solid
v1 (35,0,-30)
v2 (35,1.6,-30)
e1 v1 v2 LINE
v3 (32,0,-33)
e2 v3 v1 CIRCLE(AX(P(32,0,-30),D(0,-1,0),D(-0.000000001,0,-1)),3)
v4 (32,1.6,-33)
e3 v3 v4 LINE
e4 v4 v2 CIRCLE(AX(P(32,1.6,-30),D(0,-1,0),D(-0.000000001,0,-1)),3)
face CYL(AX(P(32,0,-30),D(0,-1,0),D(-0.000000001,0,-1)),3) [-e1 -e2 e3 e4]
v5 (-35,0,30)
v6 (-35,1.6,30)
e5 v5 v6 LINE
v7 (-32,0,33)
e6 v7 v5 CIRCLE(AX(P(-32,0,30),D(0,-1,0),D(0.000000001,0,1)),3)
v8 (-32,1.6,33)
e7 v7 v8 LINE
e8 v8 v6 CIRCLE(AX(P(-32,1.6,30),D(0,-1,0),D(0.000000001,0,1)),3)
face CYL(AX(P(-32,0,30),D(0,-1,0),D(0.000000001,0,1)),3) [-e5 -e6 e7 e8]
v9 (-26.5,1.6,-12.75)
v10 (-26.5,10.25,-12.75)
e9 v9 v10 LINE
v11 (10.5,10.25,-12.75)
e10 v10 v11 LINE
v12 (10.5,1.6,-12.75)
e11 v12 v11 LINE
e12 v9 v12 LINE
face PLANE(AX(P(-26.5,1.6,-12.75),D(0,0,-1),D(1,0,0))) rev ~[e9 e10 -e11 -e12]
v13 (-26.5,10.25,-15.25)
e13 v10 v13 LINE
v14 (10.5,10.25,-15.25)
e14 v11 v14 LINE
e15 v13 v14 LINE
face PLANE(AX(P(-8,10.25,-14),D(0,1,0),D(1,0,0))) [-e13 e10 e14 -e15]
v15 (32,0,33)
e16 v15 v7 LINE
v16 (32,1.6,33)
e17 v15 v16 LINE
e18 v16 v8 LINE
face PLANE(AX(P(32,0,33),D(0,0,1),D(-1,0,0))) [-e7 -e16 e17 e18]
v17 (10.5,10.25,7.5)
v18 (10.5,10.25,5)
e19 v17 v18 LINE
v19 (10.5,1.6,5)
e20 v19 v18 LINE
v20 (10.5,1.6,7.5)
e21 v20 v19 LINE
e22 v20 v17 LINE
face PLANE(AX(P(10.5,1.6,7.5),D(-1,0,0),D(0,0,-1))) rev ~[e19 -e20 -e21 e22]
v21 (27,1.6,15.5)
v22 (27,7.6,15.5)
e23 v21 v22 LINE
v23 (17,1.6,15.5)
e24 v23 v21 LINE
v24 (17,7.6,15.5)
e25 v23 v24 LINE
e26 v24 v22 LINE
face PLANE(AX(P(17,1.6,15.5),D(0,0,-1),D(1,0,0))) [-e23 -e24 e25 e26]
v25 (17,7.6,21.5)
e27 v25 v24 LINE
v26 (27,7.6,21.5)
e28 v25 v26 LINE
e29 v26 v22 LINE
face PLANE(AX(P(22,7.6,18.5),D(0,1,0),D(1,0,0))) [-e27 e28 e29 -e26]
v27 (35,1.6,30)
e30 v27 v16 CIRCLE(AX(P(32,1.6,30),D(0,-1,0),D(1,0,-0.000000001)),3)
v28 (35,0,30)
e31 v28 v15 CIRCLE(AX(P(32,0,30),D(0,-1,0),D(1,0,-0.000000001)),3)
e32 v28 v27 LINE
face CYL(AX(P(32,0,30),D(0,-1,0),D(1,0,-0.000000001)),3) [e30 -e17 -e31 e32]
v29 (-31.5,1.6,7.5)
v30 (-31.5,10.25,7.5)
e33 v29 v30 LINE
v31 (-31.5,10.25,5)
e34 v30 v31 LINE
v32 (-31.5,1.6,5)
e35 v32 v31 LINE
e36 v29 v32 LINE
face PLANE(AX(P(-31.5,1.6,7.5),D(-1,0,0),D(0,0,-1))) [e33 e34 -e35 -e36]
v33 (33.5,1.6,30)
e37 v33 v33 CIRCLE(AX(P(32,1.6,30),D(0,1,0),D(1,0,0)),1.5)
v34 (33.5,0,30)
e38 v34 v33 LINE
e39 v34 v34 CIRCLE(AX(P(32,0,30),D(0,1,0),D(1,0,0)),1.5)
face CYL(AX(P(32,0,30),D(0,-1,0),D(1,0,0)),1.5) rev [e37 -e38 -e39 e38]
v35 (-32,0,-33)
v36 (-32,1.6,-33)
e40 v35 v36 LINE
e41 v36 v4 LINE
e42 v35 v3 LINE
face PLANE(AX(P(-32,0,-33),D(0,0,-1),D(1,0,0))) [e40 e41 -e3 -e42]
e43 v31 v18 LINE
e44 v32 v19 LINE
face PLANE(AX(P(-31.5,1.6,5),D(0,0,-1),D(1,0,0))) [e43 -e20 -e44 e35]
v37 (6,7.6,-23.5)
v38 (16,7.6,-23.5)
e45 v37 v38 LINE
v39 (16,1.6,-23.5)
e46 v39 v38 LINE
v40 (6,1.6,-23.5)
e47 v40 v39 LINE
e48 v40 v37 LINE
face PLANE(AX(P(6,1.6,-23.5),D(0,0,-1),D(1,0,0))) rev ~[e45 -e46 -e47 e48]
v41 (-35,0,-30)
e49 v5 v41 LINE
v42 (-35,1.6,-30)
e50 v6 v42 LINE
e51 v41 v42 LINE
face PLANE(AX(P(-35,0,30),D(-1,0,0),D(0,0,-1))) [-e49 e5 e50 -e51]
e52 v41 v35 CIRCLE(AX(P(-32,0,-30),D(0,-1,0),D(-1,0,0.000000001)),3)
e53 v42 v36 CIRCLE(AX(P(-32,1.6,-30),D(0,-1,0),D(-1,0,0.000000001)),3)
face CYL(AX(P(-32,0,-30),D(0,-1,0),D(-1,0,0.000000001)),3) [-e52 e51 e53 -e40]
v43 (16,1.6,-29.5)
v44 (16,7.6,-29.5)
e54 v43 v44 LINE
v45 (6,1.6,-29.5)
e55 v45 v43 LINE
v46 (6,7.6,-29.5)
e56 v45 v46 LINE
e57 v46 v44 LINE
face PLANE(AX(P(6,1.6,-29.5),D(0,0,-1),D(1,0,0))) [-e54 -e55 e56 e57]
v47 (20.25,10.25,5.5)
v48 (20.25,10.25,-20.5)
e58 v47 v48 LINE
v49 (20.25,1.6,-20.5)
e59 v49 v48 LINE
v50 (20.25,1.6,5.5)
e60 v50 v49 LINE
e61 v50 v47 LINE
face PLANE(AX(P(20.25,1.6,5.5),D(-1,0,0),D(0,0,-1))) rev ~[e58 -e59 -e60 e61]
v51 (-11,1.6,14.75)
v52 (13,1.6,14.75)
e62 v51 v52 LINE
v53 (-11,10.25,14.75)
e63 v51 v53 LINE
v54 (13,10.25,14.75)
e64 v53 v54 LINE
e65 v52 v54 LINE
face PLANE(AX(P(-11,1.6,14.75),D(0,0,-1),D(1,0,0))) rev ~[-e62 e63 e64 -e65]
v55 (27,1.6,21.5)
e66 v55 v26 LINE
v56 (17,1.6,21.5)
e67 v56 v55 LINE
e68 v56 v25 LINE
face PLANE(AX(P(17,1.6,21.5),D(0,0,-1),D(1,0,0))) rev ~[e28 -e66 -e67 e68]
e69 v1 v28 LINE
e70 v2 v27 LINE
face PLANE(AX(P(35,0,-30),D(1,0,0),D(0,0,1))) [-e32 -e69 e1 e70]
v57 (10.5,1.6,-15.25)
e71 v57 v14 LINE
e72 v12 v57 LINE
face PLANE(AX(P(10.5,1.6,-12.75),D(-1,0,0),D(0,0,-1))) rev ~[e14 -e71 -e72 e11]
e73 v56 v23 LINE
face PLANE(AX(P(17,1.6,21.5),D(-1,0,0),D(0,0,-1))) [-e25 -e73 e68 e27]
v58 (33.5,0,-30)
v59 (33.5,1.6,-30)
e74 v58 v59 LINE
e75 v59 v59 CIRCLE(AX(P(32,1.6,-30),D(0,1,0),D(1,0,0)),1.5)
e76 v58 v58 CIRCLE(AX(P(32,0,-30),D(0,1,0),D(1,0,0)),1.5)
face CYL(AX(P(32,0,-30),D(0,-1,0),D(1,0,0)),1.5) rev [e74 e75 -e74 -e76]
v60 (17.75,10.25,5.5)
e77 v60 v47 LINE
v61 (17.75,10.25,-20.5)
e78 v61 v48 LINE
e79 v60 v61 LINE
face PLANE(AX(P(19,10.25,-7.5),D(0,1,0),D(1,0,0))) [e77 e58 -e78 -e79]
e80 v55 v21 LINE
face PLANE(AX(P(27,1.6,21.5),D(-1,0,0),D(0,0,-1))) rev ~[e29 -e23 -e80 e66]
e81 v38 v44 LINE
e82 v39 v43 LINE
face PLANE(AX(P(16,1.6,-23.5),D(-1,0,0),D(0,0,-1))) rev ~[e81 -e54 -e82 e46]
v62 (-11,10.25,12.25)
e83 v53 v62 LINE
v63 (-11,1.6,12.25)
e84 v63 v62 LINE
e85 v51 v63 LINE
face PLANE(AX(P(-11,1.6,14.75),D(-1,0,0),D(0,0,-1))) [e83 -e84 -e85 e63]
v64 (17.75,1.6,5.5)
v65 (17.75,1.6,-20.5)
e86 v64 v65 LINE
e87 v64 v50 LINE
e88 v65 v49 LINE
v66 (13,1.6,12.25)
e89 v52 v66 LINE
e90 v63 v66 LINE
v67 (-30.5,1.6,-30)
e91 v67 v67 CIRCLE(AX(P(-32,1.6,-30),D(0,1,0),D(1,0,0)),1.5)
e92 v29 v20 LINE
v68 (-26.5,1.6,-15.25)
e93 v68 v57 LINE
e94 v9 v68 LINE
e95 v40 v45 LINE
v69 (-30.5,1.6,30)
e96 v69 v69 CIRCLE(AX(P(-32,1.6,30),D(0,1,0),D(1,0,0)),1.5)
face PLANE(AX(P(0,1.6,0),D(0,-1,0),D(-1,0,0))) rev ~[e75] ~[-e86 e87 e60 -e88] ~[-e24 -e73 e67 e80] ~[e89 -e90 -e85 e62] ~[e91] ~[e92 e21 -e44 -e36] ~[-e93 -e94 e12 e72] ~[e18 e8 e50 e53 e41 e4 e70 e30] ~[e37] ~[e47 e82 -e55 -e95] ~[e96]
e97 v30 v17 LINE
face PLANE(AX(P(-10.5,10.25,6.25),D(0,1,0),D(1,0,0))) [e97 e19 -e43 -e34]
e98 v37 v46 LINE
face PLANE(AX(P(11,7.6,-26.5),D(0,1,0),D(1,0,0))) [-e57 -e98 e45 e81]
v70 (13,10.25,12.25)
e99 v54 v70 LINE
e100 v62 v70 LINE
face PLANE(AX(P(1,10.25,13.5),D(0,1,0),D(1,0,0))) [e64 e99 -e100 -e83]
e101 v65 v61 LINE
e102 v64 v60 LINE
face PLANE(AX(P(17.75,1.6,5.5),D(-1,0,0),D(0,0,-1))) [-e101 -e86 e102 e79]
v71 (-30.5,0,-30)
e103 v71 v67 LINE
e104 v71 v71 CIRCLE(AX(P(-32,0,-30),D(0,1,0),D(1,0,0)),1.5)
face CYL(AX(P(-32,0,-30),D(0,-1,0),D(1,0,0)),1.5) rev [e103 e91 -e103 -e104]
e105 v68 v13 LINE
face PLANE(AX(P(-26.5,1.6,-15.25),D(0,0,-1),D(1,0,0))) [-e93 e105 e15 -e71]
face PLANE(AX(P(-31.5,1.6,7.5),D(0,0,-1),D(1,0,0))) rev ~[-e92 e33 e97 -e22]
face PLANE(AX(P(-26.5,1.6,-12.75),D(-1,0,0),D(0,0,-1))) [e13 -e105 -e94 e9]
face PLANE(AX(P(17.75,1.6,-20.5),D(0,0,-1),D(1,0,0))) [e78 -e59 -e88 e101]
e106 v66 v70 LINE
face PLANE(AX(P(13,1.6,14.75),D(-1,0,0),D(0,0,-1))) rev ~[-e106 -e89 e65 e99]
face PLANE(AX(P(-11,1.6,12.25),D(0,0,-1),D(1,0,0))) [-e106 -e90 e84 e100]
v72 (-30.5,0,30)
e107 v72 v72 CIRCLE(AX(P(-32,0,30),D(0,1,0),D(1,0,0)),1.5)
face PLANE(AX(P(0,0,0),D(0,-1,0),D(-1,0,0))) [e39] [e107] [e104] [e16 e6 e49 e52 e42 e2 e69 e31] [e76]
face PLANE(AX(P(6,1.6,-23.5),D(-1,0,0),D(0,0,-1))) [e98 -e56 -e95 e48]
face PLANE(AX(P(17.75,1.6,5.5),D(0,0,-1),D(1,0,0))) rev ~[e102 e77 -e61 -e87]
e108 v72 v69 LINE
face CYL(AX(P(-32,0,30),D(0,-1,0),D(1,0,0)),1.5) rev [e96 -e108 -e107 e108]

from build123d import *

# Parameters (mm, degrees)
SKETCH1_R           = 1.5
BOSS_EXTRUDE1_DEPTH = 1.6
SKETCH2_W           = 10
SKETCH2_H           = 6
BOSS_EXTRUDE3_DEPTH = 6
SKETCH2_7_W         = 37
SKETCH2_7_H         = 2.5
SKETCH2_7_W_2       = 42
SKETCH2_7_W_3       = 2.5
SKETCH2_7_H_2       = 26
SKETCH2_7_W_4       = 24
BOSS_EXTRUDE4_DEPTH = 8.65


with BuildPart() as part:
    # Sketch1 → Boss-Extrude1 (new body)
    with BuildSketch(Plane(origin=(0, 0, 0), x_dir=(1, 0, 0), z_dir=(0, 1, 0))):
        with BuildLine():
            Line((-32, 33), (32, 33))
            ThreePointArc((32, 33), (34.121320344, 32.121320344), (35, 30))
            Line((35, 30), (35, -30))
            ThreePointArc((35, -30), (34.121320344, -32.121320344), (32, -33))
            Line((32, -33), (-32, -33))
            ThreePointArc((-32, -33), (-34.121320344, -32.121320344), (-35, -30))
            Line((-35, -30), (-35, 30))
            ThreePointArc((-35, 30), (-34.121320344, 32.121320344), (-32, 33))
        make_face()
        with Locations((-32, 30)):
            Circle(SKETCH1_R, mode=Mode.SUBTRACT)
        with Locations((32, 30)):
            Circle(SKETCH1_R, mode=Mode.SUBTRACT)
        with Locations((32, -30)):
            Circle(SKETCH1_R, mode=Mode.SUBTRACT)
        with Locations((-32, -30)):
            Circle(SKETCH1_R, mode=Mode.SUBTRACT)
    extrude(amount=BOSS_EXTRUDE1_DEPTH)

    # Sketch2 → Boss-Extrude3 (add)
    with BuildSketch(Plane(origin=(0, 1.6, 0), x_dir=(1, 0, 0), z_dir=(0, 1, 0))):
        with Locations((11, 26.5)):
            Rectangle(SKETCH2_W, SKETCH2_H)
        with Locations((22, -18.5)):
            Rectangle(SKETCH2_W, SKETCH2_H)
    extrude(amount=BOSS_EXTRUDE3_DEPTH)

    # Sketch2<7> → Boss-Extrude4 (add)
    with BuildSketch(Plane(origin=(0, 1.6, 0), x_dir=(1, 0, 0), z_dir=(0, 1, 0))):
        with Locations((-8, 14)):
            Rectangle(SKETCH2_7_W, SKETCH2_7_H)
        with Locations((-10.5, -6.25)):
            Rectangle(SKETCH2_7_W_2, SKETCH2_7_H)
        with Locations((19, 7.5)):
            Rectangle(SKETCH2_7_W_3, SKETCH2_7_H_2)
        with Locations((1, -13.5)):
            Rectangle(SKETCH2_7_W_4, SKETCH2_7_H)
    extrude(amount=BOSS_EXTRUDE4_DEPTH)


solid = part.part
